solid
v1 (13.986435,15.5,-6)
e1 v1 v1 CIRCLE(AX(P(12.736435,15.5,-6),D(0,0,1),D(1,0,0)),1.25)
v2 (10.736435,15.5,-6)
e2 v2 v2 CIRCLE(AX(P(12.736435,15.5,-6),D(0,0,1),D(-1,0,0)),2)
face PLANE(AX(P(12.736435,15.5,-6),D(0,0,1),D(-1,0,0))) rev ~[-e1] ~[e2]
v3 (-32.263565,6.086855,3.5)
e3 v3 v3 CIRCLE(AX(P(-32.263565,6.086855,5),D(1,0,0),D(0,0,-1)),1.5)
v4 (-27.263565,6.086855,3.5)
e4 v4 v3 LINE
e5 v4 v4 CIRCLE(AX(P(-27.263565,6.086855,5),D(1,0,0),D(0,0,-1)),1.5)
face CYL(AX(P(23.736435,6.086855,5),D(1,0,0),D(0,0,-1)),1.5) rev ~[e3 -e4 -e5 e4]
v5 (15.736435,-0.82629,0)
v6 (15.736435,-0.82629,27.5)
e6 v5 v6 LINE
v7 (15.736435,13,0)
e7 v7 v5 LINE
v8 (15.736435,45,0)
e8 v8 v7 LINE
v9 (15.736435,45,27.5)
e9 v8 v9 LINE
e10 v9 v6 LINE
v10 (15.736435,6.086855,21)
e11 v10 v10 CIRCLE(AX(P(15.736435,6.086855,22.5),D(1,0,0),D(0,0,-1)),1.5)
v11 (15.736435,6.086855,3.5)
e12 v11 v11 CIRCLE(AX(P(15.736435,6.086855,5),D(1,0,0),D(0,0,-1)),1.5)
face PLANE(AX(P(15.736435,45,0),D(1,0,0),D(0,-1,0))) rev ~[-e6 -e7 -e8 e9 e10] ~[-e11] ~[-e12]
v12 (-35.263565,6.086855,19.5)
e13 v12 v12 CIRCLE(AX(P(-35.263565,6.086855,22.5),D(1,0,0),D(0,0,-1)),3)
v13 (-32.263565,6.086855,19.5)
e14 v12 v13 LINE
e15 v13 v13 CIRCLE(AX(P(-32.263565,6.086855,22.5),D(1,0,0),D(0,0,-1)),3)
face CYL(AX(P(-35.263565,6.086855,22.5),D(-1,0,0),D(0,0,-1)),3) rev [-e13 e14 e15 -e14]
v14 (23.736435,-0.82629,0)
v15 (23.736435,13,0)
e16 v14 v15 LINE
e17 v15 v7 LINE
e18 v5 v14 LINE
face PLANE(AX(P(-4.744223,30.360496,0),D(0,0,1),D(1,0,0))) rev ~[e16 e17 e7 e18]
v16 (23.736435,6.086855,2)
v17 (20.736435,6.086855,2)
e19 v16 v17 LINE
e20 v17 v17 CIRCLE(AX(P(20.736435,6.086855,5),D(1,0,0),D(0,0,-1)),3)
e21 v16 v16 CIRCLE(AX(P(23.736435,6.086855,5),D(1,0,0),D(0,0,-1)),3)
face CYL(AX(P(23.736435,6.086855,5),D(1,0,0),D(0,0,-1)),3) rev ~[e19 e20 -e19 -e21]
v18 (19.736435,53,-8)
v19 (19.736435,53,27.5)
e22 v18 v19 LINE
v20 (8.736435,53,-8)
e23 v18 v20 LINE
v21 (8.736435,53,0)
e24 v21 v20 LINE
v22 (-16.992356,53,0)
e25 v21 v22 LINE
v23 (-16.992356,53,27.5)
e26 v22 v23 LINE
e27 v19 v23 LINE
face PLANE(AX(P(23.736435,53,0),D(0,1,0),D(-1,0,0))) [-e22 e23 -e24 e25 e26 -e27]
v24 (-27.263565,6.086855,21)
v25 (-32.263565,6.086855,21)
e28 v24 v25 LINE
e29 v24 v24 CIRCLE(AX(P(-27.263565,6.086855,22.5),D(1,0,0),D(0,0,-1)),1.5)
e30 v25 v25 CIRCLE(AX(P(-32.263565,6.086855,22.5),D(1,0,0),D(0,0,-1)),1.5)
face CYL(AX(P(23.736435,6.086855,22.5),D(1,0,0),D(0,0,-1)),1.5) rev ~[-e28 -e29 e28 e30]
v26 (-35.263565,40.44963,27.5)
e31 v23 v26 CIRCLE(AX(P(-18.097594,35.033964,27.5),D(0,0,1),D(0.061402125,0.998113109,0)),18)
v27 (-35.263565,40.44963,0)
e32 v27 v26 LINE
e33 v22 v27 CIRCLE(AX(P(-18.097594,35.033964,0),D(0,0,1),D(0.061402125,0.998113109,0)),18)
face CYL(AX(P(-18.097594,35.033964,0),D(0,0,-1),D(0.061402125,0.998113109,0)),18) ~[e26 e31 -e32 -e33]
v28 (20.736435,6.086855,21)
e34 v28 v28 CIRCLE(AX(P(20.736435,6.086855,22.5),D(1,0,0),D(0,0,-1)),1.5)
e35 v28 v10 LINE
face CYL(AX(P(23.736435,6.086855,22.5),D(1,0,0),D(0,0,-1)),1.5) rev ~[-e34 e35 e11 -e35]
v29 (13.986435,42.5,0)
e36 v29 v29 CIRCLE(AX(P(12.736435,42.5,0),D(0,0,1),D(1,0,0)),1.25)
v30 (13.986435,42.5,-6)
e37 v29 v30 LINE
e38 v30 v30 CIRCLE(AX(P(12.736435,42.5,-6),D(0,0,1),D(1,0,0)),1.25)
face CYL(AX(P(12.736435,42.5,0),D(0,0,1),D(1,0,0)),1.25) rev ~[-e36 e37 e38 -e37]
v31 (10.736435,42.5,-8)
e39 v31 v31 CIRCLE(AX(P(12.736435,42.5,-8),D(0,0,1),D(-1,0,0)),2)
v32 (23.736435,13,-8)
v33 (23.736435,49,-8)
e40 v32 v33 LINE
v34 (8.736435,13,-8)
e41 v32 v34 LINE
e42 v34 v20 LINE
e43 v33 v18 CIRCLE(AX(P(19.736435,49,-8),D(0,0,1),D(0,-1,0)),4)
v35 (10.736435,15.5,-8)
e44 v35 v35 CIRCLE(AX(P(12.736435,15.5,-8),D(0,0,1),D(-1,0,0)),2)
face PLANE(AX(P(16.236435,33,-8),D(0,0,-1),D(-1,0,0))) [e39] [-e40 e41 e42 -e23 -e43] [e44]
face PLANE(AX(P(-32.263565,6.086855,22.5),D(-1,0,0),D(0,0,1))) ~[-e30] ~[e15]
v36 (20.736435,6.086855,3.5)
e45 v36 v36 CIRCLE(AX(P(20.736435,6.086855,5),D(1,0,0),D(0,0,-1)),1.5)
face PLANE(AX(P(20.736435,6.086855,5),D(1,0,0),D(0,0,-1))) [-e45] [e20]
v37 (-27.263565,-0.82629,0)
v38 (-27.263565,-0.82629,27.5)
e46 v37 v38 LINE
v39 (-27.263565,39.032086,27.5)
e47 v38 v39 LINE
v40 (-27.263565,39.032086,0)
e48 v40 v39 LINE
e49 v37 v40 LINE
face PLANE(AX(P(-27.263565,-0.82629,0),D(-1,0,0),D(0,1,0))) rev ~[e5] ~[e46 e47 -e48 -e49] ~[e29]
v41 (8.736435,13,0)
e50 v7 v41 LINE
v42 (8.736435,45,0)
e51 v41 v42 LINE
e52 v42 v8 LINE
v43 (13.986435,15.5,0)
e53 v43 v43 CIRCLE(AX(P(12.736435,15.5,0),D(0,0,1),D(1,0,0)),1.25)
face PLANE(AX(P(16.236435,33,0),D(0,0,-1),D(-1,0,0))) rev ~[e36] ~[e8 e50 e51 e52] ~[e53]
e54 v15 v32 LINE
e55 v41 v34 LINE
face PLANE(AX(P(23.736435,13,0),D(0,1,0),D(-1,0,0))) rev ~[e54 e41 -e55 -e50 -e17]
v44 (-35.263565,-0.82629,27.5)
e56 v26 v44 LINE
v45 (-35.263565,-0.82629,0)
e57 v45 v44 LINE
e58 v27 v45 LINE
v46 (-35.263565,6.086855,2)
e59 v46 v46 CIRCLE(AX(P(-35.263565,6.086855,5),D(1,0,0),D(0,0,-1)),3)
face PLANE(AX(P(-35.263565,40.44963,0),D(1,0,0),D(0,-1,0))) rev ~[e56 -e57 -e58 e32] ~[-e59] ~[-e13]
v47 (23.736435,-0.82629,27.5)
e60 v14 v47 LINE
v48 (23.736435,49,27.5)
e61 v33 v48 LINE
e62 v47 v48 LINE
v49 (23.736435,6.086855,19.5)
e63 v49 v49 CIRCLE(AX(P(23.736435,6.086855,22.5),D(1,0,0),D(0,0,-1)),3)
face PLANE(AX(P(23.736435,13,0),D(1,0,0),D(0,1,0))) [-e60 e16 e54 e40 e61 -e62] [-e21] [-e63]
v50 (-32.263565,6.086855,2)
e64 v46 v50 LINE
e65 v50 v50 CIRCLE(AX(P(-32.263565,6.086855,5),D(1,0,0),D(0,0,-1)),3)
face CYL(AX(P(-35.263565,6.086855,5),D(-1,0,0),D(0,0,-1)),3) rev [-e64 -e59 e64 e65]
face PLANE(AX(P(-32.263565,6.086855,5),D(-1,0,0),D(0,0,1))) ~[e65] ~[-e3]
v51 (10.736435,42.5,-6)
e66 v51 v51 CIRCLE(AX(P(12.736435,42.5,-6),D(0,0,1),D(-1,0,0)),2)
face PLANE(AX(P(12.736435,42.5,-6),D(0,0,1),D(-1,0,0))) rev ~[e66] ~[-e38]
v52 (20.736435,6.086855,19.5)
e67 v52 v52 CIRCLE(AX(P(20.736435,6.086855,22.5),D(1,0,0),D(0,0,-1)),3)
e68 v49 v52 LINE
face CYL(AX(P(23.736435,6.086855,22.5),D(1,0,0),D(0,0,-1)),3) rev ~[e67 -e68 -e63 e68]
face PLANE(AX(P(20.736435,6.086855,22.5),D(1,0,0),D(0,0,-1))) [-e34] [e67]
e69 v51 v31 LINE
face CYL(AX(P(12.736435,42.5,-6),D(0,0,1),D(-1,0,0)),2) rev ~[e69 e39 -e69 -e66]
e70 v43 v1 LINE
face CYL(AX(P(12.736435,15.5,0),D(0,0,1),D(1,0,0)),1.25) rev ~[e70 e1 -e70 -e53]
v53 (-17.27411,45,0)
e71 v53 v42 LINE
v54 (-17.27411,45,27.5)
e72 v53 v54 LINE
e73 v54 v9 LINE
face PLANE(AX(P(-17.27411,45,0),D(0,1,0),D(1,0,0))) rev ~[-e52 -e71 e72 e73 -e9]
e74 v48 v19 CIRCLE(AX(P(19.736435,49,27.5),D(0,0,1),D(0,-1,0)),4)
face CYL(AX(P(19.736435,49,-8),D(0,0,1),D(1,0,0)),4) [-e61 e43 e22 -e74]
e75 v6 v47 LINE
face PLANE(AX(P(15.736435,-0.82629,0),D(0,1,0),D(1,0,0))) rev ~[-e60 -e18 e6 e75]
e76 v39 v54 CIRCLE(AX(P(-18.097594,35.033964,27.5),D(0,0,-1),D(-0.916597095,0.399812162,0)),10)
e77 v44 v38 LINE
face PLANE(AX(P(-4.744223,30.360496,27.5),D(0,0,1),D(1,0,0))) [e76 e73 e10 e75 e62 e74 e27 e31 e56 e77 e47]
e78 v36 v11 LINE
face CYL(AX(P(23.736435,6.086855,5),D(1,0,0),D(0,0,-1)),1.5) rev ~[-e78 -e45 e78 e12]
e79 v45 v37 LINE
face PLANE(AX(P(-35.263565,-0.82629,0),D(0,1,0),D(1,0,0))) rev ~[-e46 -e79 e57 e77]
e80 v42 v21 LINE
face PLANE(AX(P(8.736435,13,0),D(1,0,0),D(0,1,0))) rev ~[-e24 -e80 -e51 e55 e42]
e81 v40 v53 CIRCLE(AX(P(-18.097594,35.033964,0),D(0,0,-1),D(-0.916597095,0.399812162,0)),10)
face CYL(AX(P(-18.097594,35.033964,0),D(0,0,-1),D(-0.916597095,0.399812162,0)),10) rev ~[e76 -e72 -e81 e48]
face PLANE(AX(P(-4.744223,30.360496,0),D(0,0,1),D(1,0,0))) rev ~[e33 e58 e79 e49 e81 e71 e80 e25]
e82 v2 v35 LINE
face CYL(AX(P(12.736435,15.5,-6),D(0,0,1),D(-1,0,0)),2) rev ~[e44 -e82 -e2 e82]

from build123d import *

# Parameters (mm, degrees)
BOSS_EXTRUDE1_DEPTH = 27.5
SKETCH3_W           = 15
SKETCH3_H           = 40
BOSS_EXTRUDE2_DEPTH = 8
SKETCH4_R           = 1.25
CUT_EXTRUDE1_DEPTH  = 70.371250359
CUT_EXTRUDE2_START  = -6
SKETCH4_3_R         = 2
SKETCH4_3_R_2       = 1.25
CUT_EXTRUDE2_DEPTH  = 2
SKETCH5_R           = 1.5
CUT_EXTRUDE3_DEPTH  = 84.963392862
SKETCH5_3_R         = 3
SKETCH5_3_R_2       = 1.5
CUT_EXTRUDE4_DEPTH  = 3
FILLET1_R           = 4


with BuildPart() as part:
    # Sketch1 → Boss-Extrude1 (new body)
    with BuildSketch(Plane.XY):
        with BuildLine():
            Line((-27.263565268, -0.826290167), (-27.263565268, 39.032085652))
            ThreePointArc((-27.263565268, 39.032085652), (-23.226265639, 43.618644017), (-17.274109595, 45))
            Line((-17.274109595, 45), (15.736434732, 45))
            Line((15.736434732, 45), (15.736434732, -0.826290167))
            Line((15.736434732, -0.826290167), (23.736434732, -0.826290167))
            Line((23.736434732, -0.826290167), (23.736434732, 53))
            Line((23.736434732, 53), (-16.992356062, 53))
            ThreePointArc((-16.992356062, 53), (-28.288998955, 49.870920305), (-35.263565268, 40.449630311))
            Line((-35.263565268, 40.449630311), (-35.263565268, -0.826290167))
            Line((-35.263565268, -0.826290167), (-27.263565268, -0.826290167))
        make_face()
    extrude(amount=BOSS_EXTRUDE1_DEPTH)

    # Sketch3 → Boss-Extrude2 (add)
    with BuildSketch(Plane(origin=(0, 0, 0), x_dir=(-1, 0, 0), z_dir=(0, 0, -1))):
        with Locations((-16.236434732, 33)):
            Rectangle(SKETCH3_W, SKETCH3_H)
    extrude(amount=BOSS_EXTRUDE2_DEPTH)

    # Sketch4 → Cut-Extrude1 (cut, through all)
    with BuildSketch(Plane.XY):
        with Locations((12.736434732, 42.5)):
            Circle(SKETCH4_R)
        with Locations((12.736434732, 15.5)):
            Circle(SKETCH4_R)
    extrude(amount=-CUT_EXTRUDE1_DEPTH, mode=Mode.SUBTRACT)

    # Sketch4<3> → Cut-Extrude2 (cut)
    # profile 1 of 2: a face of its own
    with BuildSketch(Plane.XY.offset(CUT_EXTRUDE2_START)):
        with Locations(Location((12.736434732, 42.5, 0), (0, 0, 180))):
            Circle(SKETCH4_3_R)
        with Locations((12.736434732, 42.5)):
            Circle(SKETCH4_3_R_2, mode=Mode.SUBTRACT)
    # profile 2 of 2: a face of its own
    with BuildSketch(Plane.XY.offset(CUT_EXTRUDE2_START)):
        with Locations(Location((12.736434732, 15.5, 0), (0, 0, 180))):
            Circle(SKETCH4_3_R)
        with Locations((12.736434732, 15.5)):
            Circle(SKETCH4_3_R_2, mode=Mode.SUBTRACT)
    extrude(amount=-CUT_EXTRUDE2_DEPTH, mode=Mode.SUBTRACT)

    # Sketch5 → Cut-Extrude3 (cut, through all)
    with BuildSketch(Plane(origin=(23.736434732, 0, 0), x_dir=(0, 0, -1), z_dir=(1, 0, 0))):
        with Locations((-22.5, 6.086854916)):
            Circle(SKETCH5_R)
        with Locations((-5, 6.086854916)):
            Circle(SKETCH5_R)
    extrude(amount=-CUT_EXTRUDE3_DEPTH, mode=Mode.SUBTRACT)

    # Sketch5<3> → Cut-Extrude4 (cut)
    # profile 1 of 2: a face of its own
    with BuildSketch(Plane(origin=(23.736434732, 0, 0), x_dir=(0, 0, -1), z_dir=(1, 0, 0))):
        with Locations((-22.5, 6.086854916)):
            Circle(SKETCH5_3_R)
        with Locations((-22.5, 6.086854916)):
            Circle(SKETCH5_3_R_2, mode=Mode.SUBTRACT)
    # profile 2 of 2: a face of its own
    with BuildSketch(Plane(origin=(23.736434732, 0, 0), x_dir=(0, 0, -1), z_dir=(1, 0, 0))):
        with Locations((-5, 6.086854916)):
            Circle(SKETCH5_3_R)
        with Locations((-5, 6.086854916)):
            Circle(SKETCH5_3_R_2, mode=Mode.SUBTRACT)
    cut_extrude4 = extrude(amount=-CUT_EXTRUDE4_DEPTH, mode=Mode.SUBTRACT)

    # Mirror1: Cut-Extrude4 across plane
    add(cut_extrude4.mirror(Plane(origin=(-5.763565268, 0, 0), x_dir=(0, 0, 1), z_dir=(1, 0, 0))), mode=Mode.SUBTRACT)

    # Fillet1
    fillet1_edges = [part.edges().sort_by_distance(p)[0] for p in [
        (23.736434732, 53, 9.75),
    ]]
    fillet(fillet1_edges, radius=FILLET1_R)


solid = part.part
